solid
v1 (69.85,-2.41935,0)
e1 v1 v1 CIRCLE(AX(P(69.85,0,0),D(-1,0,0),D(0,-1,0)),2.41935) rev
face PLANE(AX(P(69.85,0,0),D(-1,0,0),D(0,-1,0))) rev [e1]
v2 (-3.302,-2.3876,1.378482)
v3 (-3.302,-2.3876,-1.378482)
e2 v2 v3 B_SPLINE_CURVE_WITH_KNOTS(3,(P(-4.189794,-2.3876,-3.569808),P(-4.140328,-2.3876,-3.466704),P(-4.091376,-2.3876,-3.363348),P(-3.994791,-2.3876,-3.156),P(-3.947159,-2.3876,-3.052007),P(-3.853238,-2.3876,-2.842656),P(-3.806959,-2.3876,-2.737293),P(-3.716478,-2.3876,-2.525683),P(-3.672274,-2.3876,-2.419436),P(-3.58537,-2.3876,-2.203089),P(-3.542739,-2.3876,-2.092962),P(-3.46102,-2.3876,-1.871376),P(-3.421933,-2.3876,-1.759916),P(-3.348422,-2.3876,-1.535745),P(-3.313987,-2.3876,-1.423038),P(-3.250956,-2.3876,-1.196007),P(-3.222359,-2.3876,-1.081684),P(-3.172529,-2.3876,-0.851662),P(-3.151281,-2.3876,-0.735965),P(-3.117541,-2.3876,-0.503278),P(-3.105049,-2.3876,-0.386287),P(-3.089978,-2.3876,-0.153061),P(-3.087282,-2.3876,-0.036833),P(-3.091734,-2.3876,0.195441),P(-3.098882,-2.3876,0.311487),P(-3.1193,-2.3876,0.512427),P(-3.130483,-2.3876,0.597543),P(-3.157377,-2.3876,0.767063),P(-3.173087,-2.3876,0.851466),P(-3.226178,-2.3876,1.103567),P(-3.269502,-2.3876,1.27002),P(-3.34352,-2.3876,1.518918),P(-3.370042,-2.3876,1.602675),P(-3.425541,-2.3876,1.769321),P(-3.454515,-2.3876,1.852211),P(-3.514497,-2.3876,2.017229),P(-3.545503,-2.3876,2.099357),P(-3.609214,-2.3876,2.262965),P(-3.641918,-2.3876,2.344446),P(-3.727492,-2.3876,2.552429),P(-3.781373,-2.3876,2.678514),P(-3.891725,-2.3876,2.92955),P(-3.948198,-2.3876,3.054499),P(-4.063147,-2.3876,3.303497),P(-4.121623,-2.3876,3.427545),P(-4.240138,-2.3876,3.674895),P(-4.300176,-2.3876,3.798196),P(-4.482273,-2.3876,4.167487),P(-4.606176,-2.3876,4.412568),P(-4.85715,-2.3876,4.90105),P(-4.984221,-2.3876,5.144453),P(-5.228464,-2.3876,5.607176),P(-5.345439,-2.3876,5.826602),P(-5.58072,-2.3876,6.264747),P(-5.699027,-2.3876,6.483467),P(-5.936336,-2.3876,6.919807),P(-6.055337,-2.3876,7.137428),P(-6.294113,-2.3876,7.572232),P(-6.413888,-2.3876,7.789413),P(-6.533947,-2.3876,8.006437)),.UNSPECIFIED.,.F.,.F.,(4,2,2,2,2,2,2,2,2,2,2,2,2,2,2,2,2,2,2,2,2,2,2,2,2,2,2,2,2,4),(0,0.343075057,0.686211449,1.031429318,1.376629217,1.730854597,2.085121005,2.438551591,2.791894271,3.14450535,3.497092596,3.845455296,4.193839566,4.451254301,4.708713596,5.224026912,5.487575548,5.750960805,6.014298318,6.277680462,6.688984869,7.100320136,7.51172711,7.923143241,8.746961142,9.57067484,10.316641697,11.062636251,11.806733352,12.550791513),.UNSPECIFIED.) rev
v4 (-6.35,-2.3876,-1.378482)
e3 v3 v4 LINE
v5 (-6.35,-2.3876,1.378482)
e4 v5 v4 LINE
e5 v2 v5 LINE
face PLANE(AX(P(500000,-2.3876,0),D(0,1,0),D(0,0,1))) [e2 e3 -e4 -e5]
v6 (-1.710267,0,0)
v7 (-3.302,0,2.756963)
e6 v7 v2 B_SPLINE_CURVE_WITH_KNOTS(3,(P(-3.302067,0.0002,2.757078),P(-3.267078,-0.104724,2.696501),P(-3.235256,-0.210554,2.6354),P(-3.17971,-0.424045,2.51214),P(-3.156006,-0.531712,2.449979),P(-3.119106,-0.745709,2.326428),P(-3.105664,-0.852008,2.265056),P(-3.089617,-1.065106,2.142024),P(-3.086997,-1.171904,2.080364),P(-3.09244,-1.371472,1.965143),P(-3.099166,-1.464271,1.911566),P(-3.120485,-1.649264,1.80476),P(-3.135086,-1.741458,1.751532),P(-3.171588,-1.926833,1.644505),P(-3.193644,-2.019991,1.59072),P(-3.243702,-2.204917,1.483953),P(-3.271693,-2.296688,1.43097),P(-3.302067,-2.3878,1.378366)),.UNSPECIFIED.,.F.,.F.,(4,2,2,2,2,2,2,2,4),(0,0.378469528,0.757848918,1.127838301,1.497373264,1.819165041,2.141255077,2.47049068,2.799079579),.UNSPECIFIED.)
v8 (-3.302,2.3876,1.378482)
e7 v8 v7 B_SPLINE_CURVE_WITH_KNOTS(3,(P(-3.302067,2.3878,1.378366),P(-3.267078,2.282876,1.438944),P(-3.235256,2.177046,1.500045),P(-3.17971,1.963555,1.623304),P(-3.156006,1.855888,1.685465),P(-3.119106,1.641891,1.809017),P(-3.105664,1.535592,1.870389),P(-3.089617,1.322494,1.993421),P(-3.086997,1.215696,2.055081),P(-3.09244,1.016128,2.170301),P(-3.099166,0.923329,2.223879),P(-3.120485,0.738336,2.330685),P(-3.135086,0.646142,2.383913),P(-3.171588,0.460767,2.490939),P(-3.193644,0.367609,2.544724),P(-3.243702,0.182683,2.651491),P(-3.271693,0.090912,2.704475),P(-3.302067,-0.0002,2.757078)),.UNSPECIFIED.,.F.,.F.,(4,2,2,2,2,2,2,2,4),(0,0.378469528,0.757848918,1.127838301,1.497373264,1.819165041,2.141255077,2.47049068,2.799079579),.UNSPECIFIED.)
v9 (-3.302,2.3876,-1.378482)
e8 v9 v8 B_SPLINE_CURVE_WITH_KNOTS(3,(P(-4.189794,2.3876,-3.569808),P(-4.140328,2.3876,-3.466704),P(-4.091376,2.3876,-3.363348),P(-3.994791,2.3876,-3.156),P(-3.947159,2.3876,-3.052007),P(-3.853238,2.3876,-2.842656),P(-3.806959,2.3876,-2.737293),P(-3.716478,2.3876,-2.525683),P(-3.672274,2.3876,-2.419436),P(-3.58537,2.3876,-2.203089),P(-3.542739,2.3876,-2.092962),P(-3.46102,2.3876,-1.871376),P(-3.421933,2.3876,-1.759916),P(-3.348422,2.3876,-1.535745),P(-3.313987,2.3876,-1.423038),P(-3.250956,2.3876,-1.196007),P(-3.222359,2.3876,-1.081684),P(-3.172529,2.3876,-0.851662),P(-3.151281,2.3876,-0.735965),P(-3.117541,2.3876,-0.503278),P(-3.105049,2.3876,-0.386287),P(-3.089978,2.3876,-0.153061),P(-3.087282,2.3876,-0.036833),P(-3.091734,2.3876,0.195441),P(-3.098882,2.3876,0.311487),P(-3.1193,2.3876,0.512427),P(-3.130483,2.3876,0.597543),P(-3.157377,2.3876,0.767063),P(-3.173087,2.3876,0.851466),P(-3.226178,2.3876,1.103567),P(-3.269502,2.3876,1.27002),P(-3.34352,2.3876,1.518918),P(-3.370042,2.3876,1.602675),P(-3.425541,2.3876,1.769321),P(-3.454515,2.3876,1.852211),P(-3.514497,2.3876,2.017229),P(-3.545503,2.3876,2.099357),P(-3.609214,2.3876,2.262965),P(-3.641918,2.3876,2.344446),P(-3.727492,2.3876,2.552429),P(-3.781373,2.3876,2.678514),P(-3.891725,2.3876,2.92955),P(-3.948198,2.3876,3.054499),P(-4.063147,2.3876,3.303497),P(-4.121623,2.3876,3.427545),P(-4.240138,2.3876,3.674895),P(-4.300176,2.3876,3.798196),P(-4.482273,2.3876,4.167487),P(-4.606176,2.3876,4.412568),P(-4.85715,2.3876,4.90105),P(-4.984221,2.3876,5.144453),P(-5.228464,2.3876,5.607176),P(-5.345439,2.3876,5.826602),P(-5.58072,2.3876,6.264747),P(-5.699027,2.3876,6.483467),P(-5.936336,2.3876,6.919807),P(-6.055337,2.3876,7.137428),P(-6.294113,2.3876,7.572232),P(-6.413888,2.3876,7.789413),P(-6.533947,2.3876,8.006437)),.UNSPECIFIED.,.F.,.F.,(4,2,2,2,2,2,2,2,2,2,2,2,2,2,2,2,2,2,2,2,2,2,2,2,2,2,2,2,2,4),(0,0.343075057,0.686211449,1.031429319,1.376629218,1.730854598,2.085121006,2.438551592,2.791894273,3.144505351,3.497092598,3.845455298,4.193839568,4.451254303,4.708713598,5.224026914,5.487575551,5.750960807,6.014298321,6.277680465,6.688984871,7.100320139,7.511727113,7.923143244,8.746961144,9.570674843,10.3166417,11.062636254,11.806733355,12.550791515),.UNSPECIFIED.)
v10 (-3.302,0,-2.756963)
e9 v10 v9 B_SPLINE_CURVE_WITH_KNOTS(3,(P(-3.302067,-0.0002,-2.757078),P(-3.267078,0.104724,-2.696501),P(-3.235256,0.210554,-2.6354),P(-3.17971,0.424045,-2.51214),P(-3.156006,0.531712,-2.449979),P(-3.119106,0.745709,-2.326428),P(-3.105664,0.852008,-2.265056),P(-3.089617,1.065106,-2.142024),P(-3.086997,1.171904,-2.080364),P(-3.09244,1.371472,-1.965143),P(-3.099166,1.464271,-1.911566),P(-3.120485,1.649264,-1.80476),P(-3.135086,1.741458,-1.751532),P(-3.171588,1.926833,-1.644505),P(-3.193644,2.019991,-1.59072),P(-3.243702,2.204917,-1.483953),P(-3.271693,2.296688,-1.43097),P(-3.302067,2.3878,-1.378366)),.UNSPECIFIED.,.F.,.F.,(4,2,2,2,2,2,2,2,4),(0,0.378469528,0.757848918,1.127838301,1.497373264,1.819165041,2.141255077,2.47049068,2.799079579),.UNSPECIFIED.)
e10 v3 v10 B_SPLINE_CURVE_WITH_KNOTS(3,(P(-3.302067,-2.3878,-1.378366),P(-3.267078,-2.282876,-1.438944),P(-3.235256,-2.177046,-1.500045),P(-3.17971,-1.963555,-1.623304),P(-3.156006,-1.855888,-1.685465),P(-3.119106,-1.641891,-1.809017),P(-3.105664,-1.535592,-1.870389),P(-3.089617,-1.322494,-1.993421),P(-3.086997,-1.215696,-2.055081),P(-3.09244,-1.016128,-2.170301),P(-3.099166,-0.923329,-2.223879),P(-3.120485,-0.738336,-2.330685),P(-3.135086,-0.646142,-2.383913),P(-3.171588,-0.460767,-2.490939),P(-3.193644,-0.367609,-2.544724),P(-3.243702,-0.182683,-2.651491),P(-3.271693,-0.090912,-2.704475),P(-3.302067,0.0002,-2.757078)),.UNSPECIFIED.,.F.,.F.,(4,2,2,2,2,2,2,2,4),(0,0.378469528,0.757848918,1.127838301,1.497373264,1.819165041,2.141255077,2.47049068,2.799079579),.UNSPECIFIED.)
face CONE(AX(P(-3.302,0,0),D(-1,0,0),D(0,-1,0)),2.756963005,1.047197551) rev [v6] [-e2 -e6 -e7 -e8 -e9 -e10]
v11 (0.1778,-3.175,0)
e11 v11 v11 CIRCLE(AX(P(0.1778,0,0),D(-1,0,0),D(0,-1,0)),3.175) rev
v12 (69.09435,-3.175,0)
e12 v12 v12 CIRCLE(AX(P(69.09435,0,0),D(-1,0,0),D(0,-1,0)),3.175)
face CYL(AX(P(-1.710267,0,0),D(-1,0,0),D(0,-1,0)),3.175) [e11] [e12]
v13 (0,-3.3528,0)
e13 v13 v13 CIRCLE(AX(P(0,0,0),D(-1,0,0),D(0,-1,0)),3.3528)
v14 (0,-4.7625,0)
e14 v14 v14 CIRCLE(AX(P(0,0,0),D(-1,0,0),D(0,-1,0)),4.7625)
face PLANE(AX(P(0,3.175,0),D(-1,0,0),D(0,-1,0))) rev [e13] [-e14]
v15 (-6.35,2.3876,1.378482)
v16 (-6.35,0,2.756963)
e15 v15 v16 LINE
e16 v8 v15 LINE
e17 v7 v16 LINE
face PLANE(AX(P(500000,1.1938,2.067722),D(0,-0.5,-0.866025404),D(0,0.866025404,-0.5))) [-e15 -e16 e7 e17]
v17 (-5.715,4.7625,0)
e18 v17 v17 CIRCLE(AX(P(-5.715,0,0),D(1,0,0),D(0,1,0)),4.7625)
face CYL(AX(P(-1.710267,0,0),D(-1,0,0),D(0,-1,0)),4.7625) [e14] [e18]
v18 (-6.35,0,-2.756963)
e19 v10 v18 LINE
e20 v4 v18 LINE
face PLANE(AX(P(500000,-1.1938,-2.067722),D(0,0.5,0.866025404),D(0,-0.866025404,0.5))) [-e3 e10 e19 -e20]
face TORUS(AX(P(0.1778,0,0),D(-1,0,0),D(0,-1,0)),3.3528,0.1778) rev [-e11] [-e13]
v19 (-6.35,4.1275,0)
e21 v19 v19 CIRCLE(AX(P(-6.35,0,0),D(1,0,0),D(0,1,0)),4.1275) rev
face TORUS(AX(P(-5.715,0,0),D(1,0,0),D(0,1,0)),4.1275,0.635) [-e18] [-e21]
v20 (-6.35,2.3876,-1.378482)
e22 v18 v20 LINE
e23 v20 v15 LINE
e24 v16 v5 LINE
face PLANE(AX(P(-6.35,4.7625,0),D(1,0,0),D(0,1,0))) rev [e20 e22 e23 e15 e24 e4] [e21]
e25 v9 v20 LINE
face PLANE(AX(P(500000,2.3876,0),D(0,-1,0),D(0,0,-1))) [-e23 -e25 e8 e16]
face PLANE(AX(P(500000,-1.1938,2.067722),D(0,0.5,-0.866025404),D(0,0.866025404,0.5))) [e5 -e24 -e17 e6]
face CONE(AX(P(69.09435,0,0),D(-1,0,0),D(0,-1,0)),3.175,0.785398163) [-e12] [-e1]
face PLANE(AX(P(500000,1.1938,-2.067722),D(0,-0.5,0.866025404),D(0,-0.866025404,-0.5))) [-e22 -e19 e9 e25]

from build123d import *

# Parameters (mm, degrees)
SLOT_REACH    = 78.497
THREAD_R      = 0.635
CHAMFER1_SIZE = 0.75565
FILLET2_R     = 0.1778


with BuildPart() as part:
    # Sketch1 → Body (revolve)
    with BuildSketch(Plane.XY, mode=Mode.PRIVATE) as body_sk:
        Polygon((-1.710266667, 0), (69.85, 0), (69.85, 3.175), (38.1, 3.175), (34.9249, 3.175), (0, 3.175), (0, 4.7625), (-6.35, 4.7625), (-6.35, 2.756963005), (-3.302, 2.756963005), align=None)
    revolve(body_sk.sketch.rotate(Axis((-1.710266667, 0, 0), (1, 0, 0)), 180), axis=Axis((-1.710266667, 0, 0), (1, 0, 0)))

    # Slot: up to this cone (the profile starts inside it)
    slot_end = Plane(origin=(-6.35, 0, 0), z_dir=(-1, 0, 0)).offset(-4.639732333) * Cone(1.732e-06, 158.782271512, 91.6729862, align=(Align.CENTER, Align.CENTER, Align.MIN), mode=Mode.PRIVATE)
    # Sketch2 → Slot (add, up to the surface)
    with BuildSketch(Plane.ZY.offset(6.35), mode=Mode.PRIVATE) as slot_sk1:
        with BuildLine():
            ThreePointArc((1.378481503, -2.3876), (2.3876, -1.378481503), (2.756963005, 0))
            Line((2.756963005, 0), (1.378481503, -2.3876))
        make_face()
    slot_tool1 = extrude(slot_sk1.sketch, amount=-SLOT_REACH, mode=Mode.PRIVATE) & slot_end
    add(slot_tool1.solids().sort_by_distance((-6.35, -1.268114, 2.196438))[0])
    # Sketch2 → Slot (add, up to the surface)
    with BuildSketch(Plane.ZY.offset(6.35), mode=Mode.PRIVATE) as slot_sk2:
        with BuildLine():
            ThreePointArc((-1.378481503, -2.3876), (0, -2.756963005), (1.378481503, -2.3876))
            Line((1.378481503, -2.3876), (-1.378481503, -2.3876))
        make_face()
    slot_tool2 = extrude(slot_sk2.sketch, amount=-SLOT_REACH, mode=Mode.PRIVATE) & slot_end
    add(slot_tool2.solids().sort_by_distance((-6.35, -2.536228, 0))[0])
    # Sketch2 → Slot (add, up to the surface)
    with BuildSketch(Plane.ZY.offset(6.35), mode=Mode.PRIVATE) as slot_sk3:
        with BuildLine():
            ThreePointArc((-2.756963005, 0), (-2.3876, -1.378481503), (-1.378481503, -2.3876))
            Line((-1.378481503, -2.3876), (-2.756963005, 0))
        make_face()
    slot_tool3 = extrude(slot_sk3.sketch, amount=-SLOT_REACH, mode=Mode.PRIVATE) & slot_end
    add(slot_tool3.solids().sort_by_distance((-6.35, -1.268114, -2.196438))[0])
    # Sketch2 → Slot (add, up to the surface)
    with BuildSketch(Plane.ZY.offset(6.35), mode=Mode.PRIVATE) as slot_sk4:
        with BuildLine():
            Line((-2.756963005, 0), (-1.378481503, 2.3876))
            ThreePointArc((-1.378481503, 2.3876), (-2.3876, 1.378481503), (-2.756963005, 0))
        make_face()
    slot_tool4 = extrude(slot_sk4.sketch, amount=-SLOT_REACH, mode=Mode.PRIVATE) & slot_end
    add(slot_tool4.solids().sort_by_distance((-6.35, 1.268114, -2.196438))[0])
    # Sketch2 → Slot (add, up to the surface)
    with BuildSketch(Plane.ZY.offset(6.35), mode=Mode.PRIVATE) as slot_sk5:
        with BuildLine():
            Line((-1.378481503, 2.3876), (1.378481503, 2.3876))
            ThreePointArc((1.378481503, 2.3876), (0, 2.756963005), (-1.378481503, 2.3876))
        make_face()
    slot_tool5 = extrude(slot_sk5.sketch, amount=-SLOT_REACH, mode=Mode.PRIVATE) & slot_end
    add(slot_tool5.solids().sort_by_distance((-6.35, 2.536228, 0))[0])
    # Sketch2 → Slot (add, up to the surface)
    with BuildSketch(Plane.ZY.offset(6.35), mode=Mode.PRIVATE) as slot_sk6:
        with BuildLine():
            Line((1.378481503, 2.3876), (2.756963005, 0))
            ThreePointArc((2.756963005, 0), (2.3876, 1.378481503), (1.378481503, 2.3876))
        make_face()
    slot_tool6 = extrude(slot_sk6.sketch, amount=-SLOT_REACH, mode=Mode.PRIVATE) & slot_end
    add(slot_tool6.solids().sort_by_distance((-6.35, 1.268114, 2.196438))[0])

    # Thread
    thread_edges = [part.edges().sort_by_distance(p)[0] for p in [
        (-6.35, 4.7625, 0),
    ]]
    fillet(thread_edges, radius=THREAD_R)

    # Chamfer1
    chamfer1_edges = [part.edges().sort_by_distance(p)[0] for p in [
        (69.85, 3.175, 0),
    ]]
    chamfer(chamfer1_edges, length=CHAMFER1_SIZE)

    # Fillet2
    fillet2_edges = [part.edges().sort_by_distance(p)[0] for p in [
        (0, 3.175, 0),
    ]]
    fillet(fillet2_edges, radius=FILLET2_R)


solid = part.part
